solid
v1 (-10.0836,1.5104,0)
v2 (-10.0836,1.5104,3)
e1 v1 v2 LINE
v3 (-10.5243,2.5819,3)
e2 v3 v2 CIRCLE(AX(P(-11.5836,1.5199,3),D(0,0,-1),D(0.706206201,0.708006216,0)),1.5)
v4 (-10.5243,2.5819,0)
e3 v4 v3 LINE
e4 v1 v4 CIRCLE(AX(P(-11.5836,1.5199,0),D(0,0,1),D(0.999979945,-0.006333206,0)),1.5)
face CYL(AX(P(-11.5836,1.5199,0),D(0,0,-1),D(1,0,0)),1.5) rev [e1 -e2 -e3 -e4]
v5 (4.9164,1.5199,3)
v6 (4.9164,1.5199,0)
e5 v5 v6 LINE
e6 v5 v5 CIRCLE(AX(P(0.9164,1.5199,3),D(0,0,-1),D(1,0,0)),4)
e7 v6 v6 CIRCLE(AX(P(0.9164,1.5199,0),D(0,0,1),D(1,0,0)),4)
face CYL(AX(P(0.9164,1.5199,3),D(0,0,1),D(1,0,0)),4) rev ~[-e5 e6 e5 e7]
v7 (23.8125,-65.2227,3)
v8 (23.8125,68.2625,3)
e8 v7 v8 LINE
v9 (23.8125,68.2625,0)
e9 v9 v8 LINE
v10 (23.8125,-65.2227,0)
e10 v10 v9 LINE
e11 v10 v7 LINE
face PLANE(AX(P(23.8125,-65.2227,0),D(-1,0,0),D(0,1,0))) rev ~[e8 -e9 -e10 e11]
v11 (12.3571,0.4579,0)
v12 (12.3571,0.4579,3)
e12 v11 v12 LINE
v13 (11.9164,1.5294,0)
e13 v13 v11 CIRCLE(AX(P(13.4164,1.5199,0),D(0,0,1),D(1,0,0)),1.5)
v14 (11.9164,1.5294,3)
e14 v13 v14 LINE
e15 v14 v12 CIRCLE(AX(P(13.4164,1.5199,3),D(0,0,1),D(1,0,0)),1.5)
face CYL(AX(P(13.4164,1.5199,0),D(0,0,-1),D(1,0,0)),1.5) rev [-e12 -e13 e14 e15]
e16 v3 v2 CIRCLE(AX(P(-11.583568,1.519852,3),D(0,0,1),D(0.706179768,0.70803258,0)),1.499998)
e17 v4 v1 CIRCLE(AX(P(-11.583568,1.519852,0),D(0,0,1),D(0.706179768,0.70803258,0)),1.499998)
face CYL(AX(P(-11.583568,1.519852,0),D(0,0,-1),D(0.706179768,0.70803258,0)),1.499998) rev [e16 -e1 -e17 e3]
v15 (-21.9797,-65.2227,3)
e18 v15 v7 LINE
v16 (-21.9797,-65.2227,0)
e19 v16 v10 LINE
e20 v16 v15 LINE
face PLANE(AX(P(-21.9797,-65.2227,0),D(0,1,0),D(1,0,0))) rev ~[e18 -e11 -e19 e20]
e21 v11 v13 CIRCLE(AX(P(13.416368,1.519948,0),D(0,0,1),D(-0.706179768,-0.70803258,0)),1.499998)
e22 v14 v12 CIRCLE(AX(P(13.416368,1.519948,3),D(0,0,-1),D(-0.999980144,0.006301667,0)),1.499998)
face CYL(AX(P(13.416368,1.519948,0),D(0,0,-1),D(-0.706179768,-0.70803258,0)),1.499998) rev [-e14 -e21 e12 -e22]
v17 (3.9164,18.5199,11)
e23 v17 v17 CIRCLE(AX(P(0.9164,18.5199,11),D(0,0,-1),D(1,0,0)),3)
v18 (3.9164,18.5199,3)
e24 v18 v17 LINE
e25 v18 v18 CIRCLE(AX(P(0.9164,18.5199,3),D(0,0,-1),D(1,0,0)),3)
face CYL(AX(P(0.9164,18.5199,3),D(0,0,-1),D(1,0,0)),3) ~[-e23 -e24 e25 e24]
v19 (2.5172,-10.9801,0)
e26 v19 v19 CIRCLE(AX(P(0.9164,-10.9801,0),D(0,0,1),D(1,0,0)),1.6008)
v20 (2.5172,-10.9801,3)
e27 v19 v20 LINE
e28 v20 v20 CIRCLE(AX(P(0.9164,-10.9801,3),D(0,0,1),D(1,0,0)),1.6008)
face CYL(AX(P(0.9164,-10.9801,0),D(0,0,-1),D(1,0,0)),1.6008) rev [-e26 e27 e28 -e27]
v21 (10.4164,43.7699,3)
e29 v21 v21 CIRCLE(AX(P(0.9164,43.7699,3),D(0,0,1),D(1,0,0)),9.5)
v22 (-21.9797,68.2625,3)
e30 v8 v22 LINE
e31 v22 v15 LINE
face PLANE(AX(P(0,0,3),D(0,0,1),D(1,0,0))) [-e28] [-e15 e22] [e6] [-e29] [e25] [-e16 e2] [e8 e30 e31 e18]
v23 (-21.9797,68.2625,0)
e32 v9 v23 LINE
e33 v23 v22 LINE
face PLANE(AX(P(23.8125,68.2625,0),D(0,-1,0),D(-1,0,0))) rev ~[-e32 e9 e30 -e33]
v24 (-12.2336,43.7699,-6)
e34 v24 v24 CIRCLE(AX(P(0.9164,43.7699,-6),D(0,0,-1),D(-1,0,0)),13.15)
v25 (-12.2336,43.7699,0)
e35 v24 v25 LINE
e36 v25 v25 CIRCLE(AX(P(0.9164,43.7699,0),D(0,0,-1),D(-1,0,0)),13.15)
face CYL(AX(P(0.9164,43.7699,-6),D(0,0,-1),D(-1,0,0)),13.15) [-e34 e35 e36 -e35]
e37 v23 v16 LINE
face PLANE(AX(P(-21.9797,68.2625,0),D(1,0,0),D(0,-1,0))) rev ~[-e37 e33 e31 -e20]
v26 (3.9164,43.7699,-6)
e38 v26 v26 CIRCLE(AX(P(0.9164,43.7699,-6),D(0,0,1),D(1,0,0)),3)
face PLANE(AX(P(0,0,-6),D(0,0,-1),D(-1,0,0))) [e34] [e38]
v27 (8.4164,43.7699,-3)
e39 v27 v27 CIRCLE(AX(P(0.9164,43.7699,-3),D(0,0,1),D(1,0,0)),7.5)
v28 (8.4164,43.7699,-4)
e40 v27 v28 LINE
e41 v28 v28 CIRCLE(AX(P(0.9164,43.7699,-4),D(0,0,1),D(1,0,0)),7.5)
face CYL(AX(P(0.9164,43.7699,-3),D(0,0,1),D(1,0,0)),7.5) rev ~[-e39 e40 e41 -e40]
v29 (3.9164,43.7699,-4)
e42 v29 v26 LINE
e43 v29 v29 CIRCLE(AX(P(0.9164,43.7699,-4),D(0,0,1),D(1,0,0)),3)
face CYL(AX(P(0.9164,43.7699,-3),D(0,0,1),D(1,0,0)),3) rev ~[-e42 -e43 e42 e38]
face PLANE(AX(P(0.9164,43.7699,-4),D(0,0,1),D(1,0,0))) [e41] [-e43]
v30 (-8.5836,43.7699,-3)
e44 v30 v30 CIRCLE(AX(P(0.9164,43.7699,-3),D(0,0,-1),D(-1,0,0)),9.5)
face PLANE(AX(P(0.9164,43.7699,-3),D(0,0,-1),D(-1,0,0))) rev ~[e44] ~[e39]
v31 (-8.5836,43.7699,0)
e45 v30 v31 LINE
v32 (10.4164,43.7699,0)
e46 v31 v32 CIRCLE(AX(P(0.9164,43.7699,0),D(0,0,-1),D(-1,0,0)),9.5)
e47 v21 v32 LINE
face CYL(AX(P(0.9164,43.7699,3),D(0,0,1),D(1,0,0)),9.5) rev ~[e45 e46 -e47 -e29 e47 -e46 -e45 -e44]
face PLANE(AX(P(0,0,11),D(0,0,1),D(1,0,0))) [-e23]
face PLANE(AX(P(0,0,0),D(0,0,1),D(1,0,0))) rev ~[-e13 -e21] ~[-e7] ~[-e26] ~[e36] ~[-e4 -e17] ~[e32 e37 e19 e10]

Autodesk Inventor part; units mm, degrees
ref_plane "YZ Plane" through (0, 0, 0) normal (1, 0, 0) x (0, 1, 0)
ref_plane "XZ Plane" through (0, 0, 0) normal (0, 1, 0) x (-1, 0, 0)
ref_plane "XY Plane" through (0, 0, 0) normal (0, 0, 1) x (1, 0, 0)
sketch "Эскиз1" plane through (0, 0, 0) normal (0, 0, 1) x (1, 0, 0)
  circle A0 centre (0.9164, -10.9801) radius 1.6008
  arc A1 (-10.5243, 2.5819) -> (-10.0836, 1.5104) centre (-11.5836, 1.5199) ccw
  arc A2 (12.3571, 0.4579) -> (11.9164, 1.5294) centre (13.4164, 1.5199) ccw
  circle A3 centre (-11.5836, 1.5199) radius 1.5
  circle A4 centre (13.4164, 1.5199) radius 1.5
  line L0 (-21.9797, -65.2227) -> (23.8125, -65.2227)
  line L1 (23.8125, -65.2227) -> (23.8125, 68.2625)
  line L2 (23.8125, 68.2625) -> (-21.9797, 68.2625)
  line L3 (-21.9797, 68.2625) -> (-21.9797, -65.2227)
  line L4 (-21.9797, -65.2227) -> (23.8125, 68.2625) construction
  line L5 (23.8125, -65.2227) -> (-21.9797, 68.2625) construction
  point P0 (0, 0)
  point P1 (-10.0836, 1.5104)
  point P2 (12.3571, 0.4579)
  point P3 (11.9164, 1.5294)
extrude "Выдавливание1" add sketch "Эскиз1" along normal blind 3
sketch "Эскиз2" plane through (0, 0, 3) normal (0, 0, 1) x (1, 0, 0)
  line L0 (23.8125, -65.2227) -> (23.8125, 68.2625) projected
  line L1 (23.8125, 68.2625) -> (-21.9797, 68.2625) projected
  line L2 (-21.9797, 68.2625) -> (-21.9797, -65.2227) projected
  line L3 (-21.9797, -65.2227) -> (23.8125, -65.2227) projected
  circle A0 centre (-11.5836, 1.5199) radius 1.5 projected
  circle A1 centre (13.4164, 1.5199) radius 1.5 projected
  circle A2 centre (0.9164, -10.9801) radius 1.6008 projected
  line L4 (-11.5836, 1.5199) -> (13.4164, 1.5199)
  line L5 (0.9164, 14.0199) -> (0.9164, -10.9801)
  circle A3 centre (0.9164, 1.5199) radius 4
  point P0 (0, 0)
  dimension "d2" = 8
extrude "Выдавливание2" cut sketch "Эскиз2" against normal blind 3 contours A3 L5 L4 | L4 L5 A3 | L5 A3 L4 | L4 A3 L5
sketch "Эскиз3" plane through (0, 0, 3) normal (0, 0, 1) x (1, 0, 0)
  circle A0 centre (0.9164, 1.5199) radius 4 projected
  line L0 (23.8125, -65.2227) -> (23.8125, 68.2625) projected
  line L1 (23.8125, 68.2625) -> (-21.9797, 68.2625) projected
  line L2 (-21.9797, 68.2625) -> (-21.9797, -65.2227) projected
  line L3 (-21.9797, -65.2227) -> (23.8125, -65.2227) projected
  circle A1 centre (-11.5836, 1.5199) radius 1.5 projected
  circle A2 centre (13.4164, 1.5199) radius 1.5 projected
  circle A3 centre (0.9164, -10.9801) radius 1.6008 projected
  line L4 (0.9164, 1.5199) -> (0.9164, 18.5199)
  circle A4 centre (0.9164, 18.5199) radius 3
  point P0 (0, 0)
  dimension "d5" = 17
  dimension "d6" = 6
extrude "Выдавливание3" add sketch "Эскиз3" along normal blind 8 contours A4
sketch "Эскиз4" plane through (0, 0, 3) normal (0, 0, 1) x (1, 0, 0)
  circle A0 centre (0.9164, 18.5199) radius 3 projected
  circle A1 centre (0.9164, 43.7699) radius 9.5
  circle A2 centre (0.9164, 43.7699) radius 13.15
  circle A3 centre (0.9164, 18.5199) radius 3 projected
  circle A4 centre (0.9164, 1.5199) radius 4 projected
  line L0 (23.8125, -65.2227) -> (23.8125, 68.2625) projected
  line L1 (23.8125, 68.2625) -> (-21.9797, 68.2625) projected
  line L2 (-21.9797, 68.2625) -> (-21.9797, -65.2227) projected
  line L3 (-21.9797, -65.2227) -> (23.8125, -65.2227) projected
  circle A5 centre (-11.5836, 1.5199) radius 1.5 projected
  circle A6 centre (13.4164, 1.5199) radius 1.5 projected
  circle A7 centre (0.9164, -10.9801) radius 1.6008 projected
  point P0 (0, 0)
  dimension "d17" = 42.25
  dimension "d18" = 0
extrude "Выдавливание4" add sketch "Эскиз4" along normal blind 6 contours A2
sketch "Эскиз5" plane through (0, 0, 3) normal (0, 0, 1) x (1, 0, 0)
  circle A0 centre (0.9164, -10.9801) radius 1.6008 projected
  circle A1 centre (13.4164, 1.5199) radius 1.5 projected
  circle A2 centre (-11.5836, 1.5199) radius 1.5 projected
  line L0 (23.8125, -65.2227) -> (23.8125, 68.2625) projected
  line L1 (23.8125, 68.2625) -> (-21.9797, 68.2625) projected
  line L2 (-21.9797, 68.2625) -> (-21.9797, -65.2227) projected
  line L3 (-21.9797, -65.2227) -> (23.8125, -65.2227) projected
  circle A3 centre (0.9164, 43.7699) radius 13.15 projected
  circle A4 centre (0.9164, 1.5199) radius 4 projected
  circle A5 centre (0.9164, 43.7699) radius 3
  point P0 (0, 0)
  dimension "d12" = 6
  dimension "d16" = 0
extrude "Выдавливание5" cut sketch "Эскиз5" against normal blind 8 contours A5
sketch "Эскиз6" plane through (0.9164, 43.7699, 3) normal (0, 0, 1) x (1, 0, 0)
  circle A0 centre (0, 0) radius 7.5
  circle A1 centre (0, 0) radius 13.15 projected
  circle A2 centre (0, 0) radius 9.5 projected
  point P0 (-0.9164, -43.7699)
  dimension "d19" = 15
extrude "Выдавливание6" cut sketch "Эскиз6" against normal blind 1 contours A0
ref_plane "РабПлоскость1" through (0, 0, -6) normal (0, 0, -1) x (-1, 0, 0)
sketch "Эскиз7" plane through (0, 0, -6) normal (0, 0, -1) x (-1, 0, 0)
  circle A0 centre (-0.9164, 43.7699) radius 13.15 projected
  circle A1 centre (-0.9164, 43.7699) radius 9.5 projected
  point P0 (0, 0)
extrude "Выдавливание7" add sketch "Эскиз7" against normal blind 6
sketch "Эскиз8" plane through (0.9164, 43.7699, 9) normal (0, 0, 1) x (1, 0, 0)
  circle A0 centre (0, 0) radius 13.15 projected
  circle A1 centre (0, 0) radius 9.5 projected
  point P0 (-0.9164, -43.7699)
extrude "Выдавливание8" cut sketch "Эскиз8" against normal blind 6
sketch "Эскиз9" plane through (0.9164, 43.7699, -6) normal (0, 0, -1) x (-1, 0, 0)
  circle A0 centre (0, 0) radius 13.15 projected
  point P0 (0.9164, -43.7699)
extrude "Выдавливание9" add sketch "Эскиз9" against normal blind 3
sketch "Эскиз10" plane through (0.9164, 43.7699, -3) normal (0, 0, 1) x (1, 0, 0)
  circle A0 centre (0, 0) radius 3 projected
  circle A1 centre (0, 0) radius 7.5 projected
  point P0 (-0.9164, -43.7699)
extrude "Выдавливание10" cut sketch "Эскиз10" against normal blind 1
sketch "Эскиз12" plane through (0, 0, 3) normal (0, 0, 1) x (1, 0, 0)
  circle A0 centre (0.9164, 18.5199) radius 3 projected
  circle A1 centre (0.9164, 1.5199) radius 4 projected
  line L0 (23.8125, -65.2227) -> (23.8125, 68.2625) projected
  line L1 (23.8125, 68.2625) -> (-21.9797, 68.2625) projected
  line L2 (-21.9797, 68.2625) -> (-21.9797, -65.2227) projected
  line L3 (-21.9797, -65.2227) -> (23.8125, -65.2227) projected
  circle A2 centre (-11.5836, 1.5199) radius 1.5 projected
  circle A3 centre (13.4164, 1.5199) radius 1.5 projected
  circle A4 centre (0.9164, -10.9801) radius 1.6008 projected
  circle A5 centre (0.9164, 43.7699) radius 7.5 projected
  circle A6 centre (0.9164, 43.7699) radius 9.5
  point P0 (0, 0)
  dimension "d33" = 19
extrude "Выдавливание12" cut sketch "Эскиз12" against normal blind 6 contours A5 | A6
sketch "Эскиз13" plane through (0.9164, 43.7699, -3) normal (0, 0, 1) x (1, 0, 0)
  circle A0 centre (0, 0) radius 3 projected
  point P0 (-0.9164, -43.7699)
extrude "Выдавливание13" cut sketch "Эскиз13" against normal through all
properties part number "пластина для редуктора"
